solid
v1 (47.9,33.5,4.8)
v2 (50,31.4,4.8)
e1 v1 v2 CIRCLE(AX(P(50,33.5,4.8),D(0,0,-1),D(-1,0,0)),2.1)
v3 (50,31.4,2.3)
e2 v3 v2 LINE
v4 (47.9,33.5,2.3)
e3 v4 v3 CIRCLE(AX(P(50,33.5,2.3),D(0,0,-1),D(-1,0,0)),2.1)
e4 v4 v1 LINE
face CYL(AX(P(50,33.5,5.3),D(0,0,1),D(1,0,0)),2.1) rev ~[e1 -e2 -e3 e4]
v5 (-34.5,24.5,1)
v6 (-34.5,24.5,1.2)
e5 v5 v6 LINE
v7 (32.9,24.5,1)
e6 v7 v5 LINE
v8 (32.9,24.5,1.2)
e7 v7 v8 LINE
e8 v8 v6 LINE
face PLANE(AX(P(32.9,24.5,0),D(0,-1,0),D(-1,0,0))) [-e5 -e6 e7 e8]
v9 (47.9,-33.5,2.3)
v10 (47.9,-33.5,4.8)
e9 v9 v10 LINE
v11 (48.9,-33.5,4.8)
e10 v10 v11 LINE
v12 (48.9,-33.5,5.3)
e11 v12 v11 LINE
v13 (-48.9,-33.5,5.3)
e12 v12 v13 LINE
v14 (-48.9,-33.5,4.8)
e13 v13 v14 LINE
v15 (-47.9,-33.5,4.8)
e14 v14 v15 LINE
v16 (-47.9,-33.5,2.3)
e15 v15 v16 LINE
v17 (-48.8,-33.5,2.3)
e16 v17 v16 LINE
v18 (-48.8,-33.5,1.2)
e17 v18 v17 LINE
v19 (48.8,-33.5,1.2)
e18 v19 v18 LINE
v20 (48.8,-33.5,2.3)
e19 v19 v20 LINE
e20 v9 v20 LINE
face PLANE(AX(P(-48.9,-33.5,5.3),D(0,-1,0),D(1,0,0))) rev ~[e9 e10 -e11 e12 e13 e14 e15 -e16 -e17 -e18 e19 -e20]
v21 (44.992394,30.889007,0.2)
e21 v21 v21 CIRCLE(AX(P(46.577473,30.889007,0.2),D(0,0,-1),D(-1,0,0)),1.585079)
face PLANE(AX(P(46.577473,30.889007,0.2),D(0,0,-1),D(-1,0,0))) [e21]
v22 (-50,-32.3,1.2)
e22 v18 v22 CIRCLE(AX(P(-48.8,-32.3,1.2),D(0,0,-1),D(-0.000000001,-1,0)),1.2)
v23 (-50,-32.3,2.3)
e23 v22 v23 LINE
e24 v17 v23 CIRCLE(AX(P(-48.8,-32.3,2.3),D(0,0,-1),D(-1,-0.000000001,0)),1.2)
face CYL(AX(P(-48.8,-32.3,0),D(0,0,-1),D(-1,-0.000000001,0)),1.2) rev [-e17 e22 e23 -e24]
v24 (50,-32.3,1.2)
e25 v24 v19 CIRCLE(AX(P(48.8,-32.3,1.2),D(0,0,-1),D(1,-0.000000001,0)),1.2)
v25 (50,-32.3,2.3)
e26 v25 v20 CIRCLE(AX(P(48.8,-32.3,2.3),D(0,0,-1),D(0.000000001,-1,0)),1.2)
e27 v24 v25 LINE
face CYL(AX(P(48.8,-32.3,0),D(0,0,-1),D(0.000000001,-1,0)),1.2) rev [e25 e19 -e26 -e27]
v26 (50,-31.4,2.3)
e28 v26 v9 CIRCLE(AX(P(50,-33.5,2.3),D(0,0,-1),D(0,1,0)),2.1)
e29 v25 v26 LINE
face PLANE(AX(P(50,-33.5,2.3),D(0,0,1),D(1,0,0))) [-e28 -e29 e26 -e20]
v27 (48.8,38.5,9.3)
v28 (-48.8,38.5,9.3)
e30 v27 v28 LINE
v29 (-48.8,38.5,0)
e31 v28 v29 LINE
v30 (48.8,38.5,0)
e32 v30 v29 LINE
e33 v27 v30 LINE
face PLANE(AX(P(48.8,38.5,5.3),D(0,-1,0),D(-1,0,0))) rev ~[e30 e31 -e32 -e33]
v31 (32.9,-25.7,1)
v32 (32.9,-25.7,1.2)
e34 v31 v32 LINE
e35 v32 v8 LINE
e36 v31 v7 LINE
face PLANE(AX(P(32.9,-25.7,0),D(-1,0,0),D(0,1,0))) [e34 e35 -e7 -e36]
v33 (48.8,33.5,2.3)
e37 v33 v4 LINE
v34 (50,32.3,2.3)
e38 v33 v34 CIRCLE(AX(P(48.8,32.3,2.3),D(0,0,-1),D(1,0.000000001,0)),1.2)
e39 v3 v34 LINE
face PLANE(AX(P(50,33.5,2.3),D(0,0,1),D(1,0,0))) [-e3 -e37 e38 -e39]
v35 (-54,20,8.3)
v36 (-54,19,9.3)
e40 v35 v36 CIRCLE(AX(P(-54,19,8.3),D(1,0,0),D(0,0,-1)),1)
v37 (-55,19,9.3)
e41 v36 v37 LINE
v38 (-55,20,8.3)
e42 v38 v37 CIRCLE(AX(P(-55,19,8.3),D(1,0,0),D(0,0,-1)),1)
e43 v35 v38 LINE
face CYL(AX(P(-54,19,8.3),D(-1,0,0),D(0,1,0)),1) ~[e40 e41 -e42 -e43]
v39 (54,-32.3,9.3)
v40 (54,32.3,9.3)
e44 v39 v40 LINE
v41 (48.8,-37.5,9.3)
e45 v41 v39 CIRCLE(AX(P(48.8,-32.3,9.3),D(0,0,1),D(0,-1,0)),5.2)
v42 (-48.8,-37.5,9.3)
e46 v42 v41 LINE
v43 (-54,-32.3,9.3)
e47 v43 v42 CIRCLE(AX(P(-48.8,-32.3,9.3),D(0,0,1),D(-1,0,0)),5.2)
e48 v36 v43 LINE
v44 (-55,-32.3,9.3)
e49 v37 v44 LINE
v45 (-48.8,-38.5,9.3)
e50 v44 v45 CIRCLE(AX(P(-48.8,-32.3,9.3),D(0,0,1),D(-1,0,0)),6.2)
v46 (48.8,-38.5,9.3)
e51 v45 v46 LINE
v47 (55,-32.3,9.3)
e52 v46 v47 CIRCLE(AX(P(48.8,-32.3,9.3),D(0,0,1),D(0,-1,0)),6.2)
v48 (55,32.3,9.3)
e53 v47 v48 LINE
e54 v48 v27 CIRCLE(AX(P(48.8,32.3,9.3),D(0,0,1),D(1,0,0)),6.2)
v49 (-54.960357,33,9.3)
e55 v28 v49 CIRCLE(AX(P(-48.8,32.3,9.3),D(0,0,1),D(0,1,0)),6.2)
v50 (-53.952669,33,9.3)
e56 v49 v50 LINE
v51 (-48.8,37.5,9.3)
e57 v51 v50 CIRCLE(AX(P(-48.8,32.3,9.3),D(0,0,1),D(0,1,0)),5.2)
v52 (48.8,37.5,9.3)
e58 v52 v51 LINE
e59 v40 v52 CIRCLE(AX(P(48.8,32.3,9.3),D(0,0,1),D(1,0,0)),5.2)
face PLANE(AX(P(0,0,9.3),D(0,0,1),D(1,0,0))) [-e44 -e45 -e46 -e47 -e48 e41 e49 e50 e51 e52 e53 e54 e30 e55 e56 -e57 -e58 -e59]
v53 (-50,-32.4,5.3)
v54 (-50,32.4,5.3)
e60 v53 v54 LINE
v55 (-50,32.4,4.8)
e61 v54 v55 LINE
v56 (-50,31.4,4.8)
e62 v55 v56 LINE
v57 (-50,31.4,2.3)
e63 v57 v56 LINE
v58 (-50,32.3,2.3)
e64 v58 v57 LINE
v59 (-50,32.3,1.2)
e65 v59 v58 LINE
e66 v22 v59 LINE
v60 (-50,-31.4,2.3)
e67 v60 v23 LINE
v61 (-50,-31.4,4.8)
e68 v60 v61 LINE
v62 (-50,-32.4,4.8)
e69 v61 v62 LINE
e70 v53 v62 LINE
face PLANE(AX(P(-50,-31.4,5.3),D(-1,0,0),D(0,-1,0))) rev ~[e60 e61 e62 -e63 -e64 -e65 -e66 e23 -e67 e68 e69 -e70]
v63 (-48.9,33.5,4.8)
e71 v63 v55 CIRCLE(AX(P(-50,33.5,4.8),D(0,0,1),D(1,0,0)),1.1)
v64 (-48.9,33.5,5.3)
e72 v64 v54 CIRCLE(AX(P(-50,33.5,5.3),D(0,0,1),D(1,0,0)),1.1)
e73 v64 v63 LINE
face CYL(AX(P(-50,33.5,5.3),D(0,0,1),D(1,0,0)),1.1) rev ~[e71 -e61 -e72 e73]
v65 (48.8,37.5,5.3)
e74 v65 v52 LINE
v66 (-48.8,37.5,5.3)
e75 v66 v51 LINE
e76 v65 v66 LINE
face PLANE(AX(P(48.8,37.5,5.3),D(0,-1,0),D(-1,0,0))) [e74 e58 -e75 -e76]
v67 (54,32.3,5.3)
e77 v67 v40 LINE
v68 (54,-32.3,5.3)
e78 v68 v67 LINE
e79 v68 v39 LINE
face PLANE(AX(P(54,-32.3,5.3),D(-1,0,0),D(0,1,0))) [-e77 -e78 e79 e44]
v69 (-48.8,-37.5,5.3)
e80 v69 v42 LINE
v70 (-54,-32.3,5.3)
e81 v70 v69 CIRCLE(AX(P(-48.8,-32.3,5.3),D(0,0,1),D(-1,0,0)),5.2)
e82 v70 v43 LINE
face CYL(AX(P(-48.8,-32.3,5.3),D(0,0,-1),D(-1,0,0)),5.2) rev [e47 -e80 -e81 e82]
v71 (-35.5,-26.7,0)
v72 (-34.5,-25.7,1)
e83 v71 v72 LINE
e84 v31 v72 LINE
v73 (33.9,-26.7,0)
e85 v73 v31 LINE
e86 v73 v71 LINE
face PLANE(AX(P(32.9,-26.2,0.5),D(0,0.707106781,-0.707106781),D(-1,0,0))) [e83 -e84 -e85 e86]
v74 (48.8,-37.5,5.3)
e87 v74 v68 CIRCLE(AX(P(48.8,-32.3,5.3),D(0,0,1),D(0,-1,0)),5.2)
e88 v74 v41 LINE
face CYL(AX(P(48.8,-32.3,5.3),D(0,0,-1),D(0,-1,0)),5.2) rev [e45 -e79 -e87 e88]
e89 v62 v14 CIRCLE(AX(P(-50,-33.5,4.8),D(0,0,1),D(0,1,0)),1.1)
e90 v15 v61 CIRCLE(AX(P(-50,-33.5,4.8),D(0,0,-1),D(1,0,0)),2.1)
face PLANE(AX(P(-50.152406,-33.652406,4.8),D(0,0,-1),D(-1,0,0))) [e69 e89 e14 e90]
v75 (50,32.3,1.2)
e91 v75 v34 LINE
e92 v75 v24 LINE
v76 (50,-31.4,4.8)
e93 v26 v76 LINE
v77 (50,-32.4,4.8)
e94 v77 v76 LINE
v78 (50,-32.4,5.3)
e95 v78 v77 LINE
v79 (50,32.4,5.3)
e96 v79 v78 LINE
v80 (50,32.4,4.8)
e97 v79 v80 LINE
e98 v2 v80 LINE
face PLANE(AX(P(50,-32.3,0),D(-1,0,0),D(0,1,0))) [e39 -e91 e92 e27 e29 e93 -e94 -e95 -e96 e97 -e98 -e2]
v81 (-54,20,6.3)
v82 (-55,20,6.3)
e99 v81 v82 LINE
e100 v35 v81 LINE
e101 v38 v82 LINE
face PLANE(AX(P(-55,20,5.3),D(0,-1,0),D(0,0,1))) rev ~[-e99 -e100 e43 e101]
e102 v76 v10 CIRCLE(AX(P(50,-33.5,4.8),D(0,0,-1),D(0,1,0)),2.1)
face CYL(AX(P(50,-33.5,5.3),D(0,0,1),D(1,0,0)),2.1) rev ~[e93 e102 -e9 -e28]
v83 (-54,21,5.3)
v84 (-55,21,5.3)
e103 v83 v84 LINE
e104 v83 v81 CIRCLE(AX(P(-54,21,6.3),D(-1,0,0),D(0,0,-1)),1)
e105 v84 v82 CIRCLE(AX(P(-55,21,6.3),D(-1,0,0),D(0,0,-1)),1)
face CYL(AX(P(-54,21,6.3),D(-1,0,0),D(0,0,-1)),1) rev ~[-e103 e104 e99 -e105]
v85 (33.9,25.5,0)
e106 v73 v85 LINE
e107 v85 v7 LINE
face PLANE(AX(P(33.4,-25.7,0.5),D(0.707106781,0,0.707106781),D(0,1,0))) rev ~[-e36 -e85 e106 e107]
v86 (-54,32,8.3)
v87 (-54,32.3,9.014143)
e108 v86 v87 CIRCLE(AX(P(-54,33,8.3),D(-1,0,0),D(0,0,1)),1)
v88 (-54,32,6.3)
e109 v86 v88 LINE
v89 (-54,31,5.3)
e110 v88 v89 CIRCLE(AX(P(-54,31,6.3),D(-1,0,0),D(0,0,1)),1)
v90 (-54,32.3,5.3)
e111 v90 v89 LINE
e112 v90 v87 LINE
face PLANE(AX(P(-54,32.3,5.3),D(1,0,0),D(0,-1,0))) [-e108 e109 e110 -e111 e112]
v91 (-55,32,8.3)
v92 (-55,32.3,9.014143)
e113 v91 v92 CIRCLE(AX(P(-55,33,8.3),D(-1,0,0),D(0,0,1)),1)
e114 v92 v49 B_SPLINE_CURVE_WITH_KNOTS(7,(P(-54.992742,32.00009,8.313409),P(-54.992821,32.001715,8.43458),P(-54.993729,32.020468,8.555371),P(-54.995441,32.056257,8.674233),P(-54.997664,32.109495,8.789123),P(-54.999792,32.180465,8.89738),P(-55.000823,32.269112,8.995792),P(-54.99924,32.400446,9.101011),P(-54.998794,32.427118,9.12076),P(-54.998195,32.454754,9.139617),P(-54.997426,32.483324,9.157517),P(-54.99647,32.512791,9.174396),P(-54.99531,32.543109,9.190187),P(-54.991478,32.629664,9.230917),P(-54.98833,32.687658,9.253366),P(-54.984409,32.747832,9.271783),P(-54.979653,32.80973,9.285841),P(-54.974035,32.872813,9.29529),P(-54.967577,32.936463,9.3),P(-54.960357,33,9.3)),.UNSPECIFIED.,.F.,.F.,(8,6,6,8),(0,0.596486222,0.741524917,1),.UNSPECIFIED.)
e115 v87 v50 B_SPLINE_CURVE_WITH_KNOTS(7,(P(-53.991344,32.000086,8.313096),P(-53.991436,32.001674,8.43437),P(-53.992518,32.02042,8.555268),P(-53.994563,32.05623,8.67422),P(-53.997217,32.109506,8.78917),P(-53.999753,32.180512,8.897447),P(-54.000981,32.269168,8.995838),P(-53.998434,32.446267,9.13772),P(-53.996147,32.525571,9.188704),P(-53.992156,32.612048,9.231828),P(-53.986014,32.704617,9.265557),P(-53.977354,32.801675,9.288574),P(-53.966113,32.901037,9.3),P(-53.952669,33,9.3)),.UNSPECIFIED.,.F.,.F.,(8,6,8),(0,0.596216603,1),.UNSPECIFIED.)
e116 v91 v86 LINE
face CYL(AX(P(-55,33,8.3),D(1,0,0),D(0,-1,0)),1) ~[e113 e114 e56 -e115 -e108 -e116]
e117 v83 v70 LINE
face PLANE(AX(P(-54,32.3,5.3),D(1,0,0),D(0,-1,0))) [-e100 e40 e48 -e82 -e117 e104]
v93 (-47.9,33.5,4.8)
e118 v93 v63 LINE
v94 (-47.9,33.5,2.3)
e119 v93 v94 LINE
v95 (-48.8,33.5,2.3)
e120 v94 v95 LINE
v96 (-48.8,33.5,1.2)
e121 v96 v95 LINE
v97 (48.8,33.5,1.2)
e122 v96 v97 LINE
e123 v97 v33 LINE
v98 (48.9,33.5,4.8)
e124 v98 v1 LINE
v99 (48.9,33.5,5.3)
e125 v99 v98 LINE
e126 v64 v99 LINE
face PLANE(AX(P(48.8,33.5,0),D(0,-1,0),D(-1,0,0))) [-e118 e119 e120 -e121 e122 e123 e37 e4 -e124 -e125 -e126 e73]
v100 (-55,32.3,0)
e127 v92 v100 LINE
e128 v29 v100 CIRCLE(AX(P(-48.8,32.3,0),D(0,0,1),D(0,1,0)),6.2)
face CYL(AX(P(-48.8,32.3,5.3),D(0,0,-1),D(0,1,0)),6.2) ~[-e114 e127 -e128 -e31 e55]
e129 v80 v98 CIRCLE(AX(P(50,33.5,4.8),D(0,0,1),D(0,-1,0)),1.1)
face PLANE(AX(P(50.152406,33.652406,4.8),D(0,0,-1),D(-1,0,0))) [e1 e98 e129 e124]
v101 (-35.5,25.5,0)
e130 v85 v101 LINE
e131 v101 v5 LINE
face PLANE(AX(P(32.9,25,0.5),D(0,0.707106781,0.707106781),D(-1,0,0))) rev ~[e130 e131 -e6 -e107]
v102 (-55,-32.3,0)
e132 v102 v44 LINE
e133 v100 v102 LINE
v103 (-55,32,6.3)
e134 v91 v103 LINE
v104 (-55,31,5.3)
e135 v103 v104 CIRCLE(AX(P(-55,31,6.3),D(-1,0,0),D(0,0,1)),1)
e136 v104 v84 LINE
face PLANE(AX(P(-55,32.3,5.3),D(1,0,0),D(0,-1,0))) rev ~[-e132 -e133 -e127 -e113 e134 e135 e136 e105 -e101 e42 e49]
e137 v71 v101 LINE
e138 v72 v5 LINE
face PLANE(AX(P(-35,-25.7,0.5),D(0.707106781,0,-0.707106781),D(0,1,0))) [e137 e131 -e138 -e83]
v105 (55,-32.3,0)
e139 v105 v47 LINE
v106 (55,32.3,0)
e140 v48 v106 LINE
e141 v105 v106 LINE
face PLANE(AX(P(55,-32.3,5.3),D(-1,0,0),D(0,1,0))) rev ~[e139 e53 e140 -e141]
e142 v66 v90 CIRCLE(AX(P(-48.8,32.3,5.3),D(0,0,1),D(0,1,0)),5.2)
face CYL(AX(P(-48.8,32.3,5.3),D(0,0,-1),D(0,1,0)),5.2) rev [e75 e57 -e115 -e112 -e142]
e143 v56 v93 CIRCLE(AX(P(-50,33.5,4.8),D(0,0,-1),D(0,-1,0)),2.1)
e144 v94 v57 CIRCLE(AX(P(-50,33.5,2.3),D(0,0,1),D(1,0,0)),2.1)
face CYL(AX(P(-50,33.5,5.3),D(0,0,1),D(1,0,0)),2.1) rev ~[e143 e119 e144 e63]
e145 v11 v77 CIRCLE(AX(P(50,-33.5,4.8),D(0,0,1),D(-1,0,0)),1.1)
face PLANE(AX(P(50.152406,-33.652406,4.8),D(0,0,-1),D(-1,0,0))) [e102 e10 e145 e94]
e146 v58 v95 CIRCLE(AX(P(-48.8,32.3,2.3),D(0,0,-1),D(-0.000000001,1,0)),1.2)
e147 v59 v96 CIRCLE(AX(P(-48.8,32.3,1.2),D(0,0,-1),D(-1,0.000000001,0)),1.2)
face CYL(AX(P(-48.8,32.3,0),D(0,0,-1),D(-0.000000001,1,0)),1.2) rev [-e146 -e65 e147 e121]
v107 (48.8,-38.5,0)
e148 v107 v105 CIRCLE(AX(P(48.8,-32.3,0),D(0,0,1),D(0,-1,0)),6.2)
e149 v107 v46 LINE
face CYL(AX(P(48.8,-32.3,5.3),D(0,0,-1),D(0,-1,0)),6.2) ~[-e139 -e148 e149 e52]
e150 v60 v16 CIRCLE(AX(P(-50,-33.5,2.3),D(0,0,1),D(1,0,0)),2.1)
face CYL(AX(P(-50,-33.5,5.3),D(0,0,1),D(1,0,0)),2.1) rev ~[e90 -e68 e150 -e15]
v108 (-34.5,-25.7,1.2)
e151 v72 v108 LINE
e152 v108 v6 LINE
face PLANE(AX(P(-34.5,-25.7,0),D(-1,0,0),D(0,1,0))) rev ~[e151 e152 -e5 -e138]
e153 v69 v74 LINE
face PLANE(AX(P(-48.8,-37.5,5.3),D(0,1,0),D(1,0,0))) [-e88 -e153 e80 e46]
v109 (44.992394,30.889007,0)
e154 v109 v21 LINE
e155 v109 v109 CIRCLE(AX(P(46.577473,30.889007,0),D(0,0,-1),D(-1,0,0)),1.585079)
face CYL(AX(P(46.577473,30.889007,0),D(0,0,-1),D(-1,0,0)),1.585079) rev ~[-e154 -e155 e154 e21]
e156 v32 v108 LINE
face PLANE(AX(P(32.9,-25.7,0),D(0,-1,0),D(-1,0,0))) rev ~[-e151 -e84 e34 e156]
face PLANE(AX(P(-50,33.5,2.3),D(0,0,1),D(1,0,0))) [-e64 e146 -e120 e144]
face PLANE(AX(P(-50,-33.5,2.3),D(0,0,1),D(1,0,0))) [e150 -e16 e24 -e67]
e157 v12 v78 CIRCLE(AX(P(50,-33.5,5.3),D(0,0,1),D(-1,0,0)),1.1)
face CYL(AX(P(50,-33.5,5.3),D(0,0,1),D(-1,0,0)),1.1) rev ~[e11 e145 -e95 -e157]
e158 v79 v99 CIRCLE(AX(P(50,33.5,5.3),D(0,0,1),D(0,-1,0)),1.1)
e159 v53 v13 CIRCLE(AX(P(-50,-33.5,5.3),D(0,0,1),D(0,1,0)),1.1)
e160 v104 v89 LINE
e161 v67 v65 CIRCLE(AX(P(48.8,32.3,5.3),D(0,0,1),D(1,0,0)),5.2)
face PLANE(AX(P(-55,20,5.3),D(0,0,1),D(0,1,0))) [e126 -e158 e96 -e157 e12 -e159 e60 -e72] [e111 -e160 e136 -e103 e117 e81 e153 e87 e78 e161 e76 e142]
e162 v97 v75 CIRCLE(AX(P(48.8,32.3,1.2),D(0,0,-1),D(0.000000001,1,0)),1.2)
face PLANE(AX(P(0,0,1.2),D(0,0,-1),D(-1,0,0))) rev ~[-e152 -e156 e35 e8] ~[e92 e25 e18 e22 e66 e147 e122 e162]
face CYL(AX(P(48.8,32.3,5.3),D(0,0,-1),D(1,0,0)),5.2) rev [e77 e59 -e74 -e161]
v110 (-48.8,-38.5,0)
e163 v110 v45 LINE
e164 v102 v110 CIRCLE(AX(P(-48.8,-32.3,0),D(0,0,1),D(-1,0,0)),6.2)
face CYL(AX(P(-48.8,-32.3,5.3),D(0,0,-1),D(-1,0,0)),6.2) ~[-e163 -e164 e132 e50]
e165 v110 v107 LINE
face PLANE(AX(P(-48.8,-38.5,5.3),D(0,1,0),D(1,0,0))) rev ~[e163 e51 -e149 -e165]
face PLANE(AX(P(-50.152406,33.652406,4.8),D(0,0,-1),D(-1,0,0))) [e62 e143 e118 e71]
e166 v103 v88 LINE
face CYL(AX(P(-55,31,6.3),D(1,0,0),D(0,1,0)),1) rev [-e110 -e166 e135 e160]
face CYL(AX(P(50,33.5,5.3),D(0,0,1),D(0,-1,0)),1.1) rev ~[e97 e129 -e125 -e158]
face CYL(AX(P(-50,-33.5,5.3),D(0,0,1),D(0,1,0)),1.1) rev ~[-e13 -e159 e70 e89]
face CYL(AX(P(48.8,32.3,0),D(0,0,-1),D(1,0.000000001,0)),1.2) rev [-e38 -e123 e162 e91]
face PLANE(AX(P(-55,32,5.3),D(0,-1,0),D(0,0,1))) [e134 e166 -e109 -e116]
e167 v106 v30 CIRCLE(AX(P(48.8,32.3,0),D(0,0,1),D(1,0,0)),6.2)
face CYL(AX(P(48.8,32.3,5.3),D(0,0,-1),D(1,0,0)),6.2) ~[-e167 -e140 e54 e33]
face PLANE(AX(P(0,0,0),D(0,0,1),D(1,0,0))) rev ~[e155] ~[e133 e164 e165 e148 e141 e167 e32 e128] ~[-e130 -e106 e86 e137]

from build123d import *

# Parameters (mm, degrees)
EXTRUDE_1_DEPTH     = 1.2
EXTRUDE_2_DEPTH     = 5.3
SKETCH_3_W          = 67.4
SKETCH_3_H          = 50.2
CUT_EXTRUDE_1_DEPTH = 68.344932994
CHAMFER_1_SIZE      = 1
SKETCH_5_R          = 1.585078886
CUT_EXTRUDE_2_DEPTH = 0.2
SKETCH_6_R          = 2.1
CUT_EXTRUDE_3_DEPTH = 3
EXTRUDE_3_DEPTH     = 0.5
EXTRUDE_4_DEPTH     = 4
SKETCH_10_W         = 4
SKETCH_10_H         = 12
CUT_EXTRUDE_4_DEPTH = 5
FILLET_1_R          = 1


with BuildPart() as part:
    # Sketch 1 → Extrude 1 (new body)
    with BuildSketch(Plane.XY):
        with BuildLine():
            Line((48.8, -33.5), (-48.8, -33.5))
            ThreePointArc((-48.8, -33.5), (-49.648528137, -33.148528137), (-50, -32.3))
            Line((-50, -32.3), (-50, 32.3))
            ThreePointArc((-50, 32.3), (-49.648528137, 33.148528137), (-48.8, 33.5))
            Line((-48.8, 33.5), (48.8, 33.5))
            ThreePointArc((48.8, 33.5), (49.648528137, 33.148528137), (50, 32.3))
            Line((50, 32.3), (50, -32.3))
            ThreePointArc((50, -32.3), (49.648528137, -33.148528137), (48.8, -33.5))
        make_face()
    extrude(amount=EXTRUDE_1_DEPTH)

    # Sketch 2 → Extrude 2 (add)
    with BuildSketch(Plane.XY):
        with BuildLine():
            Line((-48.8, -38.5), (48.8, -38.5))
            ThreePointArc((48.8, -38.5), (53.184062043, -36.684062043), (55, -32.3))
            Line((55, -32.3), (55, 32.3))
            ThreePointArc((55, 32.3), (53.184062043, 36.684062043), (48.8, 38.5))
            Line((48.8, 38.5), (-48.8, 38.5))
            ThreePointArc((-48.8, 38.5), (-53.184062043, 36.684062043), (-55, 32.3))
            Line((-55, 32.3), (-55, -32.3))
            ThreePointArc((-55, -32.3), (-53.184062043, -36.684062043), (-48.8, -38.5))
        make_face()
        with BuildLine():
            Line((50, -32.3), (50, 32.3))
            ThreePointArc((50, 32.3), (49.648528137, 33.148528137), (48.8, 33.5))
            Line((48.8, 33.5), (-48.8, 33.5))
            ThreePointArc((-48.8, 33.5), (-49.648528137, 33.148528137), (-50, 32.3))
            Line((-50, 32.3), (-50, -32.3))
            ThreePointArc((-50, -32.3), (-49.648528137, -33.148528137), (-48.8, -33.5))
            Line((-48.8, -33.5), (48.8, -33.5))
            ThreePointArc((48.8, -33.5), (49.648528137, -33.148528137), (50, -32.3))
        make_face(mode=Mode.SUBTRACT)
    extrude(amount=EXTRUDE_2_DEPTH)

    # Sketch 3 → Cut-Extrude 1 (cut, through all)
    with BuildSketch(Plane(origin=(0, 0, 0), x_dir=(-1, 0, 0), z_dir=(0, 0, -1))):
        with Locations((0.8, -0.6)):
            Rectangle(SKETCH_3_W, SKETCH_3_H)
    extrude(amount=-CUT_EXTRUDE_1_DEPTH, mode=Mode.SUBTRACT)

    # Chamfer 1
    chamfer_1_edges = [part.edges().sort_by_distance(p)[0] for p in [
        (32.9, -0.6, 0),
        (-0.8, -25.7, 0),
        (-34.5, -0.6, 0),
        (-0.8, 24.5, 0),
    ]]
    chamfer(chamfer_1_edges, length=CHAMFER_1_SIZE)

    # Sketch 5 → Cut-Extrude 2 (cut)
    with BuildSketch(Plane(origin=(0, 0, 0), x_dir=(-1, 0, 0), z_dir=(0, 0, -1))):
        with Locations((-46.577472533, 30.889007125)):
            Circle(SKETCH_5_R)
    extrude(amount=-CUT_EXTRUDE_2_DEPTH, mode=Mode.SUBTRACT)

    # Sketch 6 → Cut-Extrude 3 (cut)
    with BuildSketch(Plane.XY.offset(5.3)):
        with Locations((-50, -33.5)):
            Circle(SKETCH_6_R)
        with Locations((50, -33.5)):
            Circle(SKETCH_6_R)
        with Locations((50, 33.5)):
            Circle(SKETCH_6_R)
        with Locations((-50, 33.5)):
            Circle(SKETCH_6_R)
    extrude(amount=-CUT_EXTRUDE_3_DEPTH, mode=Mode.SUBTRACT)

    # Sketch 8 → Extrude 3 (add)
    with BuildSketch(Plane.XY.offset(5.3)):
        with BuildLine():
            Line((-50, -31.4), (-50, -32.4))
            ThreePointArc((-50, -32.4), (-50.777817459, -34.277817459), (-48.9, -33.5))
            Line((-48.9, -33.5), (-47.9, -33.5))
            ThreePointArc((-47.9, -33.5), (-51.48492424, -34.98492424), (-50, -31.4))
        make_face()
        with BuildLine():
            Line((47.9, -33.5), (48.9, -33.5))
            ThreePointArc((48.9, -33.5), (50.777817459, -34.277817459), (50, -32.4))
            Line((50, -32.4), (50, -31.4))
            ThreePointArc((50, -31.4), (51.48492424, -34.98492424), (47.9, -33.5))
        make_face()
        with BuildLine():
            Line((-47.9, 33.5), (-48.9, 33.5))
            ThreePointArc((-48.9, 33.5), (-50.777817459, 34.277817459), (-50, 32.4))
            Line((-50, 32.4), (-50, 31.4))
            ThreePointArc((-50, 31.4), (-51.48492424, 34.98492424), (-47.9, 33.5))
        make_face()
        with BuildLine():
            Line((50, 31.4), (50, 32.4))
            ThreePointArc((50, 32.4), (50.777817459, 34.277817459), (48.9, 33.5))
            Line((48.9, 33.5), (47.9, 33.5))
            ThreePointArc((47.9, 33.5), (51.48492424, 34.98492424), (50, 31.4))
        make_face()
    extrude(amount=-EXTRUDE_3_DEPTH)

    # Sketch 9 → Extrude 4 (add)
    with BuildSketch(Plane.XY.offset(5.3)):
        with BuildLine():
            Line((-55, 32.3), (-55, -32.3))
            ThreePointArc((-55, -32.3), (-53.184062043, -36.684062043), (-48.8, -38.5))
            Line((-48.8, -38.5), (48.8, -38.5))
            ThreePointArc((48.8, -38.5), (53.184062043, -36.684062043), (55, -32.3))
            Line((55, -32.3), (55, 32.3))
            ThreePointArc((55, 32.3), (53.184062043, 36.684062043), (48.8, 38.5))
            Line((48.8, 38.5), (-48.8, 38.5))
            ThreePointArc((-48.8, 38.5), (-53.184062043, 36.684062043), (-55, 32.3))
        make_face()
        with BuildLine():
            Line((-54, 32.3), (-54, -32.3))
            ThreePointArc((-54, -32.3), (-52.476955262, -35.976955262), (-48.8, -37.5))
            Line((-48.8, -37.5), (48.8, -37.5))
            ThreePointArc((48.8, -37.5), (52.476955262, -35.976955262), (54, -32.3))
            Line((54, -32.3), (54, 32.3))
            ThreePointArc((54, 32.3), (52.476955262, 35.976955262), (48.8, 37.5))
            Line((48.8, 37.5), (-48.8, 37.5))
            ThreePointArc((-48.8, 37.5), (-52.476955262, 35.976955262), (-54, 32.3))
        make_face(mode=Mode.SUBTRACT)
    extrude(amount=EXTRUDE_4_DEPTH)

    # Sketch 10 → Cut-Extrude 4 (cut, symmetric)
    with BuildSketch(Plane.ZY.offset(55)):
        with Locations((7.3, 26)):
            Rectangle(SKETCH_10_W, SKETCH_10_H)
    extrude(amount=CUT_EXTRUDE_4_DEPTH, both=True, mode=Mode.SUBTRACT)

    # Fillet 1
    fillet_1_edges = [part.edges().sort_by_distance(p)[0] for p in [
        (-54.5, 32, 9.3),
        (-54.5, 20, 9.3),
        (-54.5, 20, 5.3),
        (-54.5, 32, 5.3),
    ]]
    fillet(fillet_1_edges, radius=FILLET_1_R)


solid = part.part
